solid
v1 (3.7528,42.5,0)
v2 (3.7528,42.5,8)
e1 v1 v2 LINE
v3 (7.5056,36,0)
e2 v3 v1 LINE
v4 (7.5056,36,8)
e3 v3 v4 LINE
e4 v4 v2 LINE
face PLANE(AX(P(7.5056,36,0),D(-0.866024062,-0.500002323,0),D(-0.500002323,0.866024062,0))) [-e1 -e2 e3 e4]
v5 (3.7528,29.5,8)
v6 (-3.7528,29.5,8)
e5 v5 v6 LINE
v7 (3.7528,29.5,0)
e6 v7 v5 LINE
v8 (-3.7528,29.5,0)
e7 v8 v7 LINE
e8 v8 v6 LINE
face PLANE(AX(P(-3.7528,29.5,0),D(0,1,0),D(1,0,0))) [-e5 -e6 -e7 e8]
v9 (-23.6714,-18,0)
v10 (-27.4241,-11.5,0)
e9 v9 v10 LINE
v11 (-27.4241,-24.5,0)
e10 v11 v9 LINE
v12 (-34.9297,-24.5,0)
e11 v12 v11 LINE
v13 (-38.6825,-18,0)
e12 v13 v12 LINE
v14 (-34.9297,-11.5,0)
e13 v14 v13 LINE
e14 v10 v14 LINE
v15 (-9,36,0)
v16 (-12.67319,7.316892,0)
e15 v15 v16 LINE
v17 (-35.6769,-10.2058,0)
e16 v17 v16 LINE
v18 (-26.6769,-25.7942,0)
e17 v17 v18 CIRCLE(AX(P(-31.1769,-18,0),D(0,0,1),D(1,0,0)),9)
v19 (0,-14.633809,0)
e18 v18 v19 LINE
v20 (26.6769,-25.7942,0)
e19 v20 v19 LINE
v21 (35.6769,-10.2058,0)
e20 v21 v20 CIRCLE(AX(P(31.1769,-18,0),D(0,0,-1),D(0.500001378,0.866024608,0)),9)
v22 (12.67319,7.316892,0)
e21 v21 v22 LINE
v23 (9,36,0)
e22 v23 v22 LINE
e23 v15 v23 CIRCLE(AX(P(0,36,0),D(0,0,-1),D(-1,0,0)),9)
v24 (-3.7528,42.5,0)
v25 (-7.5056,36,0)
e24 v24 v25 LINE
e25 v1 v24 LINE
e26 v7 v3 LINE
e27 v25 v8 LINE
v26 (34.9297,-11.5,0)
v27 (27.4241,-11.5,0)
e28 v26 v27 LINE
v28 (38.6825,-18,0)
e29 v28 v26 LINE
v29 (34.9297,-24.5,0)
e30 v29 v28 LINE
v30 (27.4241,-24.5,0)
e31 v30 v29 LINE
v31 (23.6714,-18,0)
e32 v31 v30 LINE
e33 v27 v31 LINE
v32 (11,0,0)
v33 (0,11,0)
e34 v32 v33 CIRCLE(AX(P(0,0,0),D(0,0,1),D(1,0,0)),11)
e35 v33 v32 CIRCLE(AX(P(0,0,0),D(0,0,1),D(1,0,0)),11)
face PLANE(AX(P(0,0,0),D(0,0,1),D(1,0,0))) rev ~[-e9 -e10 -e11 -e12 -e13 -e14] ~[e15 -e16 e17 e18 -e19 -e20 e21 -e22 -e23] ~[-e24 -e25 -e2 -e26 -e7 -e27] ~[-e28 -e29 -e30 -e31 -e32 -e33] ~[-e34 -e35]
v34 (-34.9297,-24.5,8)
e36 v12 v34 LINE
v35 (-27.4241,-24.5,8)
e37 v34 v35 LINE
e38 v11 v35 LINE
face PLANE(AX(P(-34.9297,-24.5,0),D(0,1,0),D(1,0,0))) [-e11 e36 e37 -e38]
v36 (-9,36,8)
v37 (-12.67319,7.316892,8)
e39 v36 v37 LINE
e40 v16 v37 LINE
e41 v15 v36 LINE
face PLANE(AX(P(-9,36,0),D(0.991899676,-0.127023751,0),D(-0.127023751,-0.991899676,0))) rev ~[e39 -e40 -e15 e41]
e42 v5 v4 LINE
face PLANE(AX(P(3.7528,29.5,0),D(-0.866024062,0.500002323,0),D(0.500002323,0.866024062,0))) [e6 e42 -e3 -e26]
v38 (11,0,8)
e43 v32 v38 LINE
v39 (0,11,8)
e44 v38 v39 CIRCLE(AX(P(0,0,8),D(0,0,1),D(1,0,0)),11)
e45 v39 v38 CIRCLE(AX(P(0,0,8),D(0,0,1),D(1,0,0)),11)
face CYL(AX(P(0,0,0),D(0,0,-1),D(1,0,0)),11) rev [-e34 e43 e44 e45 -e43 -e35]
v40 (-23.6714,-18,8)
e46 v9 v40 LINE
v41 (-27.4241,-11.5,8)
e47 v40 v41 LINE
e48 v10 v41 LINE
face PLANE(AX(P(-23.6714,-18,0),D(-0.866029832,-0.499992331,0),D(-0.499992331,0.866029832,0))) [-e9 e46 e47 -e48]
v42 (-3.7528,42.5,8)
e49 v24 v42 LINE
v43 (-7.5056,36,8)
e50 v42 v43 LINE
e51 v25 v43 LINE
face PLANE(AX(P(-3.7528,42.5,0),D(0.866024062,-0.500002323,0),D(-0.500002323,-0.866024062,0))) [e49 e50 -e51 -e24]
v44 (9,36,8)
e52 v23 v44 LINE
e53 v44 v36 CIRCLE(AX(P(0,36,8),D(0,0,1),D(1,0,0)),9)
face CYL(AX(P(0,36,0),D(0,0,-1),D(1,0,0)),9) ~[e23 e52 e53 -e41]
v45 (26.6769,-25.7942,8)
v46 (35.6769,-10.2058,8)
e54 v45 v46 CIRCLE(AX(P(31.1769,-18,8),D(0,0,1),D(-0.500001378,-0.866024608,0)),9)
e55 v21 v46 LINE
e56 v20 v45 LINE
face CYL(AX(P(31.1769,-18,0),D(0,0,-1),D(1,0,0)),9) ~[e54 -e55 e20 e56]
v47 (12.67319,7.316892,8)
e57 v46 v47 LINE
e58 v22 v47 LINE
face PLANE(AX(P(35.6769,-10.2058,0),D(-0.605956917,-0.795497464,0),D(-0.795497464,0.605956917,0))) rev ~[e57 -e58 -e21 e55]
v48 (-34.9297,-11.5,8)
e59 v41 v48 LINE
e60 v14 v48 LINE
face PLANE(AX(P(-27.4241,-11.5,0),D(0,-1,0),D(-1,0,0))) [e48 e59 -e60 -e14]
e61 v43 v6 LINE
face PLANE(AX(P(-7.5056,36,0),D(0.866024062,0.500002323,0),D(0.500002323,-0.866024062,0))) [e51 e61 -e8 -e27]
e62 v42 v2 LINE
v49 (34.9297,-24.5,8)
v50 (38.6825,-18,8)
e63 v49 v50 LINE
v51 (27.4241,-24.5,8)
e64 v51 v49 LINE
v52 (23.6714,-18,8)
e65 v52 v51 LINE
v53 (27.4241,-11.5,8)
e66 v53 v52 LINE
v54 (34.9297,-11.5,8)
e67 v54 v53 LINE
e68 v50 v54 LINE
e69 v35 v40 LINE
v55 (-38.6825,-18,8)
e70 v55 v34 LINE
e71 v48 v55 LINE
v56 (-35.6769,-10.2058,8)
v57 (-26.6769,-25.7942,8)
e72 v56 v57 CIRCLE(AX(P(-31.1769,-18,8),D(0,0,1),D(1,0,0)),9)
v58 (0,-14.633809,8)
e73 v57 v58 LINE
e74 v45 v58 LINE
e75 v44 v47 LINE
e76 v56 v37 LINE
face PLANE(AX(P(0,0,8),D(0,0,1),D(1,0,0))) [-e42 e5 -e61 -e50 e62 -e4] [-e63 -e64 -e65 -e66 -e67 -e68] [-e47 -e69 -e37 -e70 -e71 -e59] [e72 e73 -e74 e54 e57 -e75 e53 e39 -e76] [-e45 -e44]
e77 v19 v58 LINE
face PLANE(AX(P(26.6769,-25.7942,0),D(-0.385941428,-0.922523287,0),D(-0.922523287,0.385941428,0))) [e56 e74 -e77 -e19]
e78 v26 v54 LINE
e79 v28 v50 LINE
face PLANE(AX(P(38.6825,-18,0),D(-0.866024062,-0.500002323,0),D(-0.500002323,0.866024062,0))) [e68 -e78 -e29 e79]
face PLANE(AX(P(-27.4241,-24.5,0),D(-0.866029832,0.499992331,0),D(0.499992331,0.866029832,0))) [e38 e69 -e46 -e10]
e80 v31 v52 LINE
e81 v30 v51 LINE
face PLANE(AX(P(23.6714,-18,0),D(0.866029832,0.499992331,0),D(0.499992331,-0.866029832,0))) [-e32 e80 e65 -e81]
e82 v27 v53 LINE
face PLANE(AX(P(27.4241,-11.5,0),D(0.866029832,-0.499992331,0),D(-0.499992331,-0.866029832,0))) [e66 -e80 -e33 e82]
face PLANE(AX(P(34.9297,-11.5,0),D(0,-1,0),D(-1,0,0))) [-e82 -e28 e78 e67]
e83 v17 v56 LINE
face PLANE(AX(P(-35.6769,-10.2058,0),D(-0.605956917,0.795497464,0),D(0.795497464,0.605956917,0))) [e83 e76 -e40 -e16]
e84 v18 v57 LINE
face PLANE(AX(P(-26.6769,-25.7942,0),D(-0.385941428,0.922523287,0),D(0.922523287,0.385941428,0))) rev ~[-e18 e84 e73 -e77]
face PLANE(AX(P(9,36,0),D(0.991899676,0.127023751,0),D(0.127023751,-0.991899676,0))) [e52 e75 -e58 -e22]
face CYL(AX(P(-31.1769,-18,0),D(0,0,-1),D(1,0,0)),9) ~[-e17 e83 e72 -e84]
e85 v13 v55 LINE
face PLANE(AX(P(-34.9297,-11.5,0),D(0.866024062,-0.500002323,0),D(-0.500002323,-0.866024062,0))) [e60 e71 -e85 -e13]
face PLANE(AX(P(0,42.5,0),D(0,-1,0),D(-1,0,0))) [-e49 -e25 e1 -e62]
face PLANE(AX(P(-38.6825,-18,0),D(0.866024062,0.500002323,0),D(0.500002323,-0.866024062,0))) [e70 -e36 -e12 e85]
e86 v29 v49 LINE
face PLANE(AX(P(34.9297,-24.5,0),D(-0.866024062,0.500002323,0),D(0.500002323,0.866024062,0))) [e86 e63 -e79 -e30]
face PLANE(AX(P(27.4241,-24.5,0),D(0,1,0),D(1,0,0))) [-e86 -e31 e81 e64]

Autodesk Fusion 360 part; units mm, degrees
sketch "Sketch1" plane through (0, 0, 0) normal (0, 0, 1) x (1, 0, 0)
  circle A0 centre (0, 0) radius 4
  circle A1 centre (0, 0) radius 11
  circle A2 centre (0, 0) radius 13.5
  circle A3 centre (0, 36) radius 9
  line L0 (0, 0) -> (0, 45)
  line L1 (-3.7528, 42.5) -> (-7.5056, 36)
  line L2 (-7.5056, 36) -> (-3.7528, 29.5)
  line L3 (-3.7528, 29.5) -> (3.7528, 29.5)
  line L4 (3.7528, 29.5) -> (7.5056, 36)
  line L5 (7.5056, 36) -> (3.7528, 42.5)
  line L6 (3.7528, 42.5) -> (-3.7528, 42.5)
  line L7 (9, 36) -> (13.3906, 1.7148)
  line L8 (-9, 36) -> (-13.3906, 1.7148)
  line L9 (-26.6769, -25.7942) -> (5.2102, -12.4541)
  circle A4 centre (-31.1769, -18) radius 9
  line L10 (-27.4241, -24.5) -> (-23.6714, -18)
  line L11 (-34.9297, -24.5) -> (-27.4241, -24.5)
  line L12 (-38.6825, -18) -> (-34.9297, -24.5)
  line L13 (-27.4241, -11.5) -> (-34.9297, -11.5)
  line L14 (-23.6714, -18) -> (-27.4241, -11.5)
  line L15 (-34.9297, -11.5) -> (-38.6825, -18)
  line L16 (-35.6769, -10.2058) -> (-8.1804, 10.7392)
  line L17 (35.6769, -10.2058) -> (8.1804, 10.7392)
  circle A5 centre (31.1769, -18) radius 9
  line L18 (34.9297, -11.5) -> (27.4241, -11.5)
  line L19 (38.6825, -18) -> (34.9297, -11.5)
  line L20 (34.9297, -24.5) -> (38.6825, -18)
  line L21 (23.6714, -18) -> (27.4241, -24.5)
  line L22 (27.4241, -11.5) -> (23.6714, -18)
  line L23 (27.4241, -24.5) -> (34.9297, -24.5)
  line L24 (26.6769, -25.7942) -> (-5.2102, -12.4541)
  point P0 (0, 36)
  point P1 (0, 36)
  point P2 (0, 36)
  point P3 (0, 36)
  point P4 (0, 36)
  dimension "d1" = 8
  dimension "d2" = 22
  dimension "d3" = 27
  dimension "d10" = 18
  dimension "d12" = 6.5
  dimension "d14" = 360
extrude "Extrude1" add sketch "Sketch1" along normal blind 8 contours A2 | A2 A3 L0 L8 L16 | A2 A3 L0 L7 L17 | A2 L7 L17 | A2 L8 L16 | A3 L0 L3 L4 L5 L6 | A3 L0 L1 L2 L3 L6 | A2 L7 L9 L17 A5 L24 | A2 L8 L9 A4 L16 L24 | A5 | A2 L9 L24 | A4
